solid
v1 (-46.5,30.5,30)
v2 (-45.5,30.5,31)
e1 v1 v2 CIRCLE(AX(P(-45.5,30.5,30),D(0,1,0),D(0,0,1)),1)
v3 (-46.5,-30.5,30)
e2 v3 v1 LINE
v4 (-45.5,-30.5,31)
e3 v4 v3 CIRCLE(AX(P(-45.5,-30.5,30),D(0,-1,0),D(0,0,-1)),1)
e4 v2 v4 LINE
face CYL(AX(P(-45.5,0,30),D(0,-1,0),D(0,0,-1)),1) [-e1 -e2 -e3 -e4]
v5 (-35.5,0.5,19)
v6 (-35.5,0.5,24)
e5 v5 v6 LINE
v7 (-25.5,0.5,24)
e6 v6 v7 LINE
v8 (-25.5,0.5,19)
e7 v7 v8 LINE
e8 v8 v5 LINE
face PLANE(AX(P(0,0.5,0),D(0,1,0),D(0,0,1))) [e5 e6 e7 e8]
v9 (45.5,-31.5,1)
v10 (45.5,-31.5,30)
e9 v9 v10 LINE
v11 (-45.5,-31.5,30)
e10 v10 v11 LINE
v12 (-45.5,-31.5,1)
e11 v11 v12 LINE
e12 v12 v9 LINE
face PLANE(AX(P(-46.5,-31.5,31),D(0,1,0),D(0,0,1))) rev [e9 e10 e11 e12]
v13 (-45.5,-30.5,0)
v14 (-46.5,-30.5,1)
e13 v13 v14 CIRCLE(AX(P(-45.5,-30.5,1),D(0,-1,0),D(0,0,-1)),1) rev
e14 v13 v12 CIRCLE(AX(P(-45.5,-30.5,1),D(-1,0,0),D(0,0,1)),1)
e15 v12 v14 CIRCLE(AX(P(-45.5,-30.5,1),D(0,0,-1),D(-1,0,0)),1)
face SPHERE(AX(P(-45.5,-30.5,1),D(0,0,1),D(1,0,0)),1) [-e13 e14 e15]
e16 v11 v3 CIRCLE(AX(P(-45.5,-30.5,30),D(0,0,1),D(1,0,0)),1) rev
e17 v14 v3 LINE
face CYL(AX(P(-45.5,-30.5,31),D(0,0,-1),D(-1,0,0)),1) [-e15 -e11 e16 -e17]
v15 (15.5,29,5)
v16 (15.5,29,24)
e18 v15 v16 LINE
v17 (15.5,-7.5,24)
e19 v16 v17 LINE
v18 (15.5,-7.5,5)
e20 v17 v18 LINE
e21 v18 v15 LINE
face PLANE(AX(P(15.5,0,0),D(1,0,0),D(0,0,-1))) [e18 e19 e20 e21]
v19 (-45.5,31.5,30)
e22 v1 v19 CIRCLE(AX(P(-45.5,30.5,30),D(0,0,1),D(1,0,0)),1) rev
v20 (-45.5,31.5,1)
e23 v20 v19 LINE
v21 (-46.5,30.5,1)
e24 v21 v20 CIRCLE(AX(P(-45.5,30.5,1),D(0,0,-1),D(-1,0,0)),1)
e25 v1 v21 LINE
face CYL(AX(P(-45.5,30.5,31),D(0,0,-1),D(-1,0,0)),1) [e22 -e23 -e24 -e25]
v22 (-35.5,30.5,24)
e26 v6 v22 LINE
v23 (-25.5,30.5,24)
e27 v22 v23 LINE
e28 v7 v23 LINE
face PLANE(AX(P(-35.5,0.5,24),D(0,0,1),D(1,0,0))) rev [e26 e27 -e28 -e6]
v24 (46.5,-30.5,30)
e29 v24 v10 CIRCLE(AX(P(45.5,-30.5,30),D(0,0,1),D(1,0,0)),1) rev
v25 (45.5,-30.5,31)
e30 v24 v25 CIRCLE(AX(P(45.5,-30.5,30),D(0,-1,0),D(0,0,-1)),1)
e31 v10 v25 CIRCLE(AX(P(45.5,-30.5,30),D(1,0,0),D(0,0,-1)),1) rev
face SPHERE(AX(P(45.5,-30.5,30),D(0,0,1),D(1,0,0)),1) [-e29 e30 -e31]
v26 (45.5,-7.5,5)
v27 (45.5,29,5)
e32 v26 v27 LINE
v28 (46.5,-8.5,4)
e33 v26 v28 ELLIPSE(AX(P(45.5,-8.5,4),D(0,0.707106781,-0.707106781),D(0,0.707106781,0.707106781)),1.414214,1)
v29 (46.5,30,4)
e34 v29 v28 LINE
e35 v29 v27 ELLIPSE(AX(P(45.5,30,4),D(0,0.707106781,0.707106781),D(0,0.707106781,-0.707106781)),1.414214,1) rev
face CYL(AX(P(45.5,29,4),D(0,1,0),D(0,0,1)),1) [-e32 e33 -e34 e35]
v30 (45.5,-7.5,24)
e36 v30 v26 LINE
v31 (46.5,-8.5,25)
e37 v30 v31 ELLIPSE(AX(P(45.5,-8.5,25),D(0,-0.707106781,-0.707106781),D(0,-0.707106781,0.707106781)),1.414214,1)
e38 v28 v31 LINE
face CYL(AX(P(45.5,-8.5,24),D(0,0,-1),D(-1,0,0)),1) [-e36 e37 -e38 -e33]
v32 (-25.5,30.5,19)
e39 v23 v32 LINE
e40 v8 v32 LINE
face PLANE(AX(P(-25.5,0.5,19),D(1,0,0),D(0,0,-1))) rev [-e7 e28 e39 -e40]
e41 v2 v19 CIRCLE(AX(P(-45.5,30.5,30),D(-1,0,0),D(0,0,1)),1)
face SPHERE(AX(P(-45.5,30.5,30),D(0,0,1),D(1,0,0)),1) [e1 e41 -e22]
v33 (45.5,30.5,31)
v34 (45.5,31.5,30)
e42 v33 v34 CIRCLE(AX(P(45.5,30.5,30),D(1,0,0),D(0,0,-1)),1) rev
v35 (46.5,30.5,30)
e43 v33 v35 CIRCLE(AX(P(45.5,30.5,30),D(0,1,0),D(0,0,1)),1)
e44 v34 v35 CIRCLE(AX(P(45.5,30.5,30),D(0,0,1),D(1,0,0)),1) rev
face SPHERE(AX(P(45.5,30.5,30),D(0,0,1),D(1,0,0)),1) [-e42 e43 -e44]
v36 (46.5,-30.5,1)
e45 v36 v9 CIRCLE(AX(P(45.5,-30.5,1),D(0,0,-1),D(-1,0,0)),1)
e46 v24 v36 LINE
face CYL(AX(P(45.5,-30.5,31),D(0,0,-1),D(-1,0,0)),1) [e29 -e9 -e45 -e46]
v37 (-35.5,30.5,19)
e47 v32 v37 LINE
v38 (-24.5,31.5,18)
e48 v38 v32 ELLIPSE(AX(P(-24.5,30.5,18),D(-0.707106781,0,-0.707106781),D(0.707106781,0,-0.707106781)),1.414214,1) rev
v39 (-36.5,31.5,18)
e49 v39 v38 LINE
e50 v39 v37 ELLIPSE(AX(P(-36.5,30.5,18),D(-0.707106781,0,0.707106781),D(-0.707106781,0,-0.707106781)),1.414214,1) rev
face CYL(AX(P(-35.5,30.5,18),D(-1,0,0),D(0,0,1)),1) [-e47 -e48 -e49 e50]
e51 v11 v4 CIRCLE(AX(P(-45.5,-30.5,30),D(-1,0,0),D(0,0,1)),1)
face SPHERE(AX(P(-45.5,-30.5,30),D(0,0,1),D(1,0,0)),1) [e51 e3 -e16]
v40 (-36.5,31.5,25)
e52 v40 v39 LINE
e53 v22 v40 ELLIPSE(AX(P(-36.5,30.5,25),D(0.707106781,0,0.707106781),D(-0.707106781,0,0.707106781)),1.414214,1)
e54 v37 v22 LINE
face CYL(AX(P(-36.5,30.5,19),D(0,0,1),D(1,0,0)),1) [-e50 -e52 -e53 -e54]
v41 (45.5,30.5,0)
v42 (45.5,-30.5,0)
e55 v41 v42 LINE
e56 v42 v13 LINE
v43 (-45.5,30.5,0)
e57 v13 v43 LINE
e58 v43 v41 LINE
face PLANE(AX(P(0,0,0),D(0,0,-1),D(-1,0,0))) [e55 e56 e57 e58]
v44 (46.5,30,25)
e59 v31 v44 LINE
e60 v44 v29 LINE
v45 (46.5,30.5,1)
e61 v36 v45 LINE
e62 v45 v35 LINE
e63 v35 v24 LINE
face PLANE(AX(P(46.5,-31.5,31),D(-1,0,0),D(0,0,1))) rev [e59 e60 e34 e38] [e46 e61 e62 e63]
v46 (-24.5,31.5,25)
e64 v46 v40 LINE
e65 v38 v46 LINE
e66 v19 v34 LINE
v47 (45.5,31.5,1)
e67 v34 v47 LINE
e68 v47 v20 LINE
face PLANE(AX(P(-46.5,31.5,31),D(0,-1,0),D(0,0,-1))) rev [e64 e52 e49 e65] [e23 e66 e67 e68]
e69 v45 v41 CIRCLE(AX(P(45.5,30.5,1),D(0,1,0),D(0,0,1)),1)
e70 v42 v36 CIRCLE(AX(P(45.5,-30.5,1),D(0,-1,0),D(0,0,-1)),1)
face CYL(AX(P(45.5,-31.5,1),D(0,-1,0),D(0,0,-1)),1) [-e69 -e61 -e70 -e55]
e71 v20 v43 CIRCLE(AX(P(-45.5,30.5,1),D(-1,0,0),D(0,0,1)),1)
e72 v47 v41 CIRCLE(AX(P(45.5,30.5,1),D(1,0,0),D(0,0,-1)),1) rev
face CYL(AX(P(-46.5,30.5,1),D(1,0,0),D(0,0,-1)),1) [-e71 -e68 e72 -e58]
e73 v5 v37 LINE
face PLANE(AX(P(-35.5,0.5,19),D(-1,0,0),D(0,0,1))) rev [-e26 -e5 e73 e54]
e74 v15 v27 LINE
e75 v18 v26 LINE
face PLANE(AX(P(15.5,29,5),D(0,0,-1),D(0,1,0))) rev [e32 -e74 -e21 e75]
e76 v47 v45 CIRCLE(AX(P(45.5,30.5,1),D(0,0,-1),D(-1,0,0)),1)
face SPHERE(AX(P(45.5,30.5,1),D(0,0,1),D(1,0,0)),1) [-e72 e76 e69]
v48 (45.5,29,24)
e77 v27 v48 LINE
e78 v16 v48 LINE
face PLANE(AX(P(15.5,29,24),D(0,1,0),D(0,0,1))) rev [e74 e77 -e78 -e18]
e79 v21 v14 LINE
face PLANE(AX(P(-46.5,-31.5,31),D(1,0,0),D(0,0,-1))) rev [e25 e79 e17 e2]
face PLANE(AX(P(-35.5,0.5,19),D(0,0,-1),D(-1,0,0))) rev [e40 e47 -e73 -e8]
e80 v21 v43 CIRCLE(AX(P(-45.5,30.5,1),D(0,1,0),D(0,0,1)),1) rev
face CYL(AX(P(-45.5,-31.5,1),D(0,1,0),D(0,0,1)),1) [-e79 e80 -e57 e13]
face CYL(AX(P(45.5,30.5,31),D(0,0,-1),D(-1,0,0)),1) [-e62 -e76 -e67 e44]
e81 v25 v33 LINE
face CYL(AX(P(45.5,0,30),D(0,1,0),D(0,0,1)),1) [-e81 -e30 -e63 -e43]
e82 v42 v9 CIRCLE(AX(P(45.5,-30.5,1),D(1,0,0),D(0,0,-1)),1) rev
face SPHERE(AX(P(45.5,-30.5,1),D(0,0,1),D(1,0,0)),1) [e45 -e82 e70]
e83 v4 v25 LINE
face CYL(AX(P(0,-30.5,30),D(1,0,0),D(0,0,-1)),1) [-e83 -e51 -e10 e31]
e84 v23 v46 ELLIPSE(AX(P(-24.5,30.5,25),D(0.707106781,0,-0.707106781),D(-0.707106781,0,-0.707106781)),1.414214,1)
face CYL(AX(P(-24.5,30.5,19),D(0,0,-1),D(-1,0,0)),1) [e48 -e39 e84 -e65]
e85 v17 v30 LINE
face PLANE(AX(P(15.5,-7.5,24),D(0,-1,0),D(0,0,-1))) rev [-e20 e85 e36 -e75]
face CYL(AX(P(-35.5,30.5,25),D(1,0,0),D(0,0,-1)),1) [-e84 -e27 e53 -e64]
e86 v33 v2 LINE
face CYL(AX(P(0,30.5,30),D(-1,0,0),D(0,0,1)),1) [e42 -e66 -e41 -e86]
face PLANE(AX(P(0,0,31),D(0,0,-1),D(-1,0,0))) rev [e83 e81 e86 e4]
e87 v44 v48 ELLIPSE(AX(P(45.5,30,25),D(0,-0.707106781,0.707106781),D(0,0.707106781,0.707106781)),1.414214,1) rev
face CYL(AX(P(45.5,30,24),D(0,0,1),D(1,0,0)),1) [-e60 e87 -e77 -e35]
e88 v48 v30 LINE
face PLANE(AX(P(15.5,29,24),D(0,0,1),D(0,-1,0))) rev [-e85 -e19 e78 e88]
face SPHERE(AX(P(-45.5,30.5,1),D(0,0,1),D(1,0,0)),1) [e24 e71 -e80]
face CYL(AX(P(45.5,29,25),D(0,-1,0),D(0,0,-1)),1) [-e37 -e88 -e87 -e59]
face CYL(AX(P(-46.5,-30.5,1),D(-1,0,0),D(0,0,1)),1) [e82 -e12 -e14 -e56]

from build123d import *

# Parameters (mm, degrees)
SKETCH1_W           = 93
SKETCH1_H           = 63
BOSS_EXTRUDE1_DEPTH = 31
SKETCH2_W           = 19
SKETCH2_H           = 36.5
CUT_EXTRUDE1_DEPTH  = 31
SKETCH3_W           = 10
SKETCH3_H           = 5
CUT_EXTRUDE2_DEPTH  = 31
FILLET1_R           = 1


with BuildPart() as part:
    # Sketch1 → Boss-Extrude1 (new body)
    with BuildSketch(Plane.XY):
        Rectangle(SKETCH1_W, SKETCH1_H)
    extrude(amount=BOSS_EXTRUDE1_DEPTH)

    # Sketch2 → Cut-Extrude1 (cut)
    with BuildSketch(Plane(origin=(46.5, 0, 0), x_dir=(0, 0, -1), z_dir=(1, 0, 0))):
        with Locations((-14.5, 10.75)):
            Rectangle(SKETCH2_W, SKETCH2_H)
    extrude(amount=-CUT_EXTRUDE1_DEPTH, mode=Mode.SUBTRACT)

    # Sketch3 → Cut-Extrude2 (cut)
    with BuildSketch(Plane(origin=(0, 31.5, 0), x_dir=(1, 0, 0), z_dir=(0, 1, 0))):
        with Locations((-30.5, -21.5)):
            Rectangle(SKETCH3_W, SKETCH3_H)
    extrude(amount=-CUT_EXTRUDE2_DEPTH, mode=Mode.SUBTRACT)

    # Fillet1
    fillet1_edges = [part.edges().sort_by_distance(p)[0] for p in [
        (-46.5, 0, 31),
        (0, -31.5, 31),
        (46.5, 10.75, 24),
        (46.5, -7.5, 14.5),
        (46.5, 10.75, 5),
        (46.5, 29, 14.5),
        (-35.5, 31.5, 21.5),
        (-30.5, 31.5, 24),
        (-25.5, 31.5, 21.5),
        (-30.5, 31.5, 19),
        (46.5, 0, 31),
        (0, -31.5, 0),
        (-46.5, 0, 0),
        (0, 31.5, 0),
        (46.5, 0, 0),
        (46.5, -31.5, 15.5),
        (-46.5, -31.5, 15.5),
        (-46.5, 31.5, 15.5),
        (46.5, 31.5, 15.5),
        (0, 31.5, 31),
    ]]
    fillet(fillet1_edges, radius=FILLET1_R)


solid = part.part
